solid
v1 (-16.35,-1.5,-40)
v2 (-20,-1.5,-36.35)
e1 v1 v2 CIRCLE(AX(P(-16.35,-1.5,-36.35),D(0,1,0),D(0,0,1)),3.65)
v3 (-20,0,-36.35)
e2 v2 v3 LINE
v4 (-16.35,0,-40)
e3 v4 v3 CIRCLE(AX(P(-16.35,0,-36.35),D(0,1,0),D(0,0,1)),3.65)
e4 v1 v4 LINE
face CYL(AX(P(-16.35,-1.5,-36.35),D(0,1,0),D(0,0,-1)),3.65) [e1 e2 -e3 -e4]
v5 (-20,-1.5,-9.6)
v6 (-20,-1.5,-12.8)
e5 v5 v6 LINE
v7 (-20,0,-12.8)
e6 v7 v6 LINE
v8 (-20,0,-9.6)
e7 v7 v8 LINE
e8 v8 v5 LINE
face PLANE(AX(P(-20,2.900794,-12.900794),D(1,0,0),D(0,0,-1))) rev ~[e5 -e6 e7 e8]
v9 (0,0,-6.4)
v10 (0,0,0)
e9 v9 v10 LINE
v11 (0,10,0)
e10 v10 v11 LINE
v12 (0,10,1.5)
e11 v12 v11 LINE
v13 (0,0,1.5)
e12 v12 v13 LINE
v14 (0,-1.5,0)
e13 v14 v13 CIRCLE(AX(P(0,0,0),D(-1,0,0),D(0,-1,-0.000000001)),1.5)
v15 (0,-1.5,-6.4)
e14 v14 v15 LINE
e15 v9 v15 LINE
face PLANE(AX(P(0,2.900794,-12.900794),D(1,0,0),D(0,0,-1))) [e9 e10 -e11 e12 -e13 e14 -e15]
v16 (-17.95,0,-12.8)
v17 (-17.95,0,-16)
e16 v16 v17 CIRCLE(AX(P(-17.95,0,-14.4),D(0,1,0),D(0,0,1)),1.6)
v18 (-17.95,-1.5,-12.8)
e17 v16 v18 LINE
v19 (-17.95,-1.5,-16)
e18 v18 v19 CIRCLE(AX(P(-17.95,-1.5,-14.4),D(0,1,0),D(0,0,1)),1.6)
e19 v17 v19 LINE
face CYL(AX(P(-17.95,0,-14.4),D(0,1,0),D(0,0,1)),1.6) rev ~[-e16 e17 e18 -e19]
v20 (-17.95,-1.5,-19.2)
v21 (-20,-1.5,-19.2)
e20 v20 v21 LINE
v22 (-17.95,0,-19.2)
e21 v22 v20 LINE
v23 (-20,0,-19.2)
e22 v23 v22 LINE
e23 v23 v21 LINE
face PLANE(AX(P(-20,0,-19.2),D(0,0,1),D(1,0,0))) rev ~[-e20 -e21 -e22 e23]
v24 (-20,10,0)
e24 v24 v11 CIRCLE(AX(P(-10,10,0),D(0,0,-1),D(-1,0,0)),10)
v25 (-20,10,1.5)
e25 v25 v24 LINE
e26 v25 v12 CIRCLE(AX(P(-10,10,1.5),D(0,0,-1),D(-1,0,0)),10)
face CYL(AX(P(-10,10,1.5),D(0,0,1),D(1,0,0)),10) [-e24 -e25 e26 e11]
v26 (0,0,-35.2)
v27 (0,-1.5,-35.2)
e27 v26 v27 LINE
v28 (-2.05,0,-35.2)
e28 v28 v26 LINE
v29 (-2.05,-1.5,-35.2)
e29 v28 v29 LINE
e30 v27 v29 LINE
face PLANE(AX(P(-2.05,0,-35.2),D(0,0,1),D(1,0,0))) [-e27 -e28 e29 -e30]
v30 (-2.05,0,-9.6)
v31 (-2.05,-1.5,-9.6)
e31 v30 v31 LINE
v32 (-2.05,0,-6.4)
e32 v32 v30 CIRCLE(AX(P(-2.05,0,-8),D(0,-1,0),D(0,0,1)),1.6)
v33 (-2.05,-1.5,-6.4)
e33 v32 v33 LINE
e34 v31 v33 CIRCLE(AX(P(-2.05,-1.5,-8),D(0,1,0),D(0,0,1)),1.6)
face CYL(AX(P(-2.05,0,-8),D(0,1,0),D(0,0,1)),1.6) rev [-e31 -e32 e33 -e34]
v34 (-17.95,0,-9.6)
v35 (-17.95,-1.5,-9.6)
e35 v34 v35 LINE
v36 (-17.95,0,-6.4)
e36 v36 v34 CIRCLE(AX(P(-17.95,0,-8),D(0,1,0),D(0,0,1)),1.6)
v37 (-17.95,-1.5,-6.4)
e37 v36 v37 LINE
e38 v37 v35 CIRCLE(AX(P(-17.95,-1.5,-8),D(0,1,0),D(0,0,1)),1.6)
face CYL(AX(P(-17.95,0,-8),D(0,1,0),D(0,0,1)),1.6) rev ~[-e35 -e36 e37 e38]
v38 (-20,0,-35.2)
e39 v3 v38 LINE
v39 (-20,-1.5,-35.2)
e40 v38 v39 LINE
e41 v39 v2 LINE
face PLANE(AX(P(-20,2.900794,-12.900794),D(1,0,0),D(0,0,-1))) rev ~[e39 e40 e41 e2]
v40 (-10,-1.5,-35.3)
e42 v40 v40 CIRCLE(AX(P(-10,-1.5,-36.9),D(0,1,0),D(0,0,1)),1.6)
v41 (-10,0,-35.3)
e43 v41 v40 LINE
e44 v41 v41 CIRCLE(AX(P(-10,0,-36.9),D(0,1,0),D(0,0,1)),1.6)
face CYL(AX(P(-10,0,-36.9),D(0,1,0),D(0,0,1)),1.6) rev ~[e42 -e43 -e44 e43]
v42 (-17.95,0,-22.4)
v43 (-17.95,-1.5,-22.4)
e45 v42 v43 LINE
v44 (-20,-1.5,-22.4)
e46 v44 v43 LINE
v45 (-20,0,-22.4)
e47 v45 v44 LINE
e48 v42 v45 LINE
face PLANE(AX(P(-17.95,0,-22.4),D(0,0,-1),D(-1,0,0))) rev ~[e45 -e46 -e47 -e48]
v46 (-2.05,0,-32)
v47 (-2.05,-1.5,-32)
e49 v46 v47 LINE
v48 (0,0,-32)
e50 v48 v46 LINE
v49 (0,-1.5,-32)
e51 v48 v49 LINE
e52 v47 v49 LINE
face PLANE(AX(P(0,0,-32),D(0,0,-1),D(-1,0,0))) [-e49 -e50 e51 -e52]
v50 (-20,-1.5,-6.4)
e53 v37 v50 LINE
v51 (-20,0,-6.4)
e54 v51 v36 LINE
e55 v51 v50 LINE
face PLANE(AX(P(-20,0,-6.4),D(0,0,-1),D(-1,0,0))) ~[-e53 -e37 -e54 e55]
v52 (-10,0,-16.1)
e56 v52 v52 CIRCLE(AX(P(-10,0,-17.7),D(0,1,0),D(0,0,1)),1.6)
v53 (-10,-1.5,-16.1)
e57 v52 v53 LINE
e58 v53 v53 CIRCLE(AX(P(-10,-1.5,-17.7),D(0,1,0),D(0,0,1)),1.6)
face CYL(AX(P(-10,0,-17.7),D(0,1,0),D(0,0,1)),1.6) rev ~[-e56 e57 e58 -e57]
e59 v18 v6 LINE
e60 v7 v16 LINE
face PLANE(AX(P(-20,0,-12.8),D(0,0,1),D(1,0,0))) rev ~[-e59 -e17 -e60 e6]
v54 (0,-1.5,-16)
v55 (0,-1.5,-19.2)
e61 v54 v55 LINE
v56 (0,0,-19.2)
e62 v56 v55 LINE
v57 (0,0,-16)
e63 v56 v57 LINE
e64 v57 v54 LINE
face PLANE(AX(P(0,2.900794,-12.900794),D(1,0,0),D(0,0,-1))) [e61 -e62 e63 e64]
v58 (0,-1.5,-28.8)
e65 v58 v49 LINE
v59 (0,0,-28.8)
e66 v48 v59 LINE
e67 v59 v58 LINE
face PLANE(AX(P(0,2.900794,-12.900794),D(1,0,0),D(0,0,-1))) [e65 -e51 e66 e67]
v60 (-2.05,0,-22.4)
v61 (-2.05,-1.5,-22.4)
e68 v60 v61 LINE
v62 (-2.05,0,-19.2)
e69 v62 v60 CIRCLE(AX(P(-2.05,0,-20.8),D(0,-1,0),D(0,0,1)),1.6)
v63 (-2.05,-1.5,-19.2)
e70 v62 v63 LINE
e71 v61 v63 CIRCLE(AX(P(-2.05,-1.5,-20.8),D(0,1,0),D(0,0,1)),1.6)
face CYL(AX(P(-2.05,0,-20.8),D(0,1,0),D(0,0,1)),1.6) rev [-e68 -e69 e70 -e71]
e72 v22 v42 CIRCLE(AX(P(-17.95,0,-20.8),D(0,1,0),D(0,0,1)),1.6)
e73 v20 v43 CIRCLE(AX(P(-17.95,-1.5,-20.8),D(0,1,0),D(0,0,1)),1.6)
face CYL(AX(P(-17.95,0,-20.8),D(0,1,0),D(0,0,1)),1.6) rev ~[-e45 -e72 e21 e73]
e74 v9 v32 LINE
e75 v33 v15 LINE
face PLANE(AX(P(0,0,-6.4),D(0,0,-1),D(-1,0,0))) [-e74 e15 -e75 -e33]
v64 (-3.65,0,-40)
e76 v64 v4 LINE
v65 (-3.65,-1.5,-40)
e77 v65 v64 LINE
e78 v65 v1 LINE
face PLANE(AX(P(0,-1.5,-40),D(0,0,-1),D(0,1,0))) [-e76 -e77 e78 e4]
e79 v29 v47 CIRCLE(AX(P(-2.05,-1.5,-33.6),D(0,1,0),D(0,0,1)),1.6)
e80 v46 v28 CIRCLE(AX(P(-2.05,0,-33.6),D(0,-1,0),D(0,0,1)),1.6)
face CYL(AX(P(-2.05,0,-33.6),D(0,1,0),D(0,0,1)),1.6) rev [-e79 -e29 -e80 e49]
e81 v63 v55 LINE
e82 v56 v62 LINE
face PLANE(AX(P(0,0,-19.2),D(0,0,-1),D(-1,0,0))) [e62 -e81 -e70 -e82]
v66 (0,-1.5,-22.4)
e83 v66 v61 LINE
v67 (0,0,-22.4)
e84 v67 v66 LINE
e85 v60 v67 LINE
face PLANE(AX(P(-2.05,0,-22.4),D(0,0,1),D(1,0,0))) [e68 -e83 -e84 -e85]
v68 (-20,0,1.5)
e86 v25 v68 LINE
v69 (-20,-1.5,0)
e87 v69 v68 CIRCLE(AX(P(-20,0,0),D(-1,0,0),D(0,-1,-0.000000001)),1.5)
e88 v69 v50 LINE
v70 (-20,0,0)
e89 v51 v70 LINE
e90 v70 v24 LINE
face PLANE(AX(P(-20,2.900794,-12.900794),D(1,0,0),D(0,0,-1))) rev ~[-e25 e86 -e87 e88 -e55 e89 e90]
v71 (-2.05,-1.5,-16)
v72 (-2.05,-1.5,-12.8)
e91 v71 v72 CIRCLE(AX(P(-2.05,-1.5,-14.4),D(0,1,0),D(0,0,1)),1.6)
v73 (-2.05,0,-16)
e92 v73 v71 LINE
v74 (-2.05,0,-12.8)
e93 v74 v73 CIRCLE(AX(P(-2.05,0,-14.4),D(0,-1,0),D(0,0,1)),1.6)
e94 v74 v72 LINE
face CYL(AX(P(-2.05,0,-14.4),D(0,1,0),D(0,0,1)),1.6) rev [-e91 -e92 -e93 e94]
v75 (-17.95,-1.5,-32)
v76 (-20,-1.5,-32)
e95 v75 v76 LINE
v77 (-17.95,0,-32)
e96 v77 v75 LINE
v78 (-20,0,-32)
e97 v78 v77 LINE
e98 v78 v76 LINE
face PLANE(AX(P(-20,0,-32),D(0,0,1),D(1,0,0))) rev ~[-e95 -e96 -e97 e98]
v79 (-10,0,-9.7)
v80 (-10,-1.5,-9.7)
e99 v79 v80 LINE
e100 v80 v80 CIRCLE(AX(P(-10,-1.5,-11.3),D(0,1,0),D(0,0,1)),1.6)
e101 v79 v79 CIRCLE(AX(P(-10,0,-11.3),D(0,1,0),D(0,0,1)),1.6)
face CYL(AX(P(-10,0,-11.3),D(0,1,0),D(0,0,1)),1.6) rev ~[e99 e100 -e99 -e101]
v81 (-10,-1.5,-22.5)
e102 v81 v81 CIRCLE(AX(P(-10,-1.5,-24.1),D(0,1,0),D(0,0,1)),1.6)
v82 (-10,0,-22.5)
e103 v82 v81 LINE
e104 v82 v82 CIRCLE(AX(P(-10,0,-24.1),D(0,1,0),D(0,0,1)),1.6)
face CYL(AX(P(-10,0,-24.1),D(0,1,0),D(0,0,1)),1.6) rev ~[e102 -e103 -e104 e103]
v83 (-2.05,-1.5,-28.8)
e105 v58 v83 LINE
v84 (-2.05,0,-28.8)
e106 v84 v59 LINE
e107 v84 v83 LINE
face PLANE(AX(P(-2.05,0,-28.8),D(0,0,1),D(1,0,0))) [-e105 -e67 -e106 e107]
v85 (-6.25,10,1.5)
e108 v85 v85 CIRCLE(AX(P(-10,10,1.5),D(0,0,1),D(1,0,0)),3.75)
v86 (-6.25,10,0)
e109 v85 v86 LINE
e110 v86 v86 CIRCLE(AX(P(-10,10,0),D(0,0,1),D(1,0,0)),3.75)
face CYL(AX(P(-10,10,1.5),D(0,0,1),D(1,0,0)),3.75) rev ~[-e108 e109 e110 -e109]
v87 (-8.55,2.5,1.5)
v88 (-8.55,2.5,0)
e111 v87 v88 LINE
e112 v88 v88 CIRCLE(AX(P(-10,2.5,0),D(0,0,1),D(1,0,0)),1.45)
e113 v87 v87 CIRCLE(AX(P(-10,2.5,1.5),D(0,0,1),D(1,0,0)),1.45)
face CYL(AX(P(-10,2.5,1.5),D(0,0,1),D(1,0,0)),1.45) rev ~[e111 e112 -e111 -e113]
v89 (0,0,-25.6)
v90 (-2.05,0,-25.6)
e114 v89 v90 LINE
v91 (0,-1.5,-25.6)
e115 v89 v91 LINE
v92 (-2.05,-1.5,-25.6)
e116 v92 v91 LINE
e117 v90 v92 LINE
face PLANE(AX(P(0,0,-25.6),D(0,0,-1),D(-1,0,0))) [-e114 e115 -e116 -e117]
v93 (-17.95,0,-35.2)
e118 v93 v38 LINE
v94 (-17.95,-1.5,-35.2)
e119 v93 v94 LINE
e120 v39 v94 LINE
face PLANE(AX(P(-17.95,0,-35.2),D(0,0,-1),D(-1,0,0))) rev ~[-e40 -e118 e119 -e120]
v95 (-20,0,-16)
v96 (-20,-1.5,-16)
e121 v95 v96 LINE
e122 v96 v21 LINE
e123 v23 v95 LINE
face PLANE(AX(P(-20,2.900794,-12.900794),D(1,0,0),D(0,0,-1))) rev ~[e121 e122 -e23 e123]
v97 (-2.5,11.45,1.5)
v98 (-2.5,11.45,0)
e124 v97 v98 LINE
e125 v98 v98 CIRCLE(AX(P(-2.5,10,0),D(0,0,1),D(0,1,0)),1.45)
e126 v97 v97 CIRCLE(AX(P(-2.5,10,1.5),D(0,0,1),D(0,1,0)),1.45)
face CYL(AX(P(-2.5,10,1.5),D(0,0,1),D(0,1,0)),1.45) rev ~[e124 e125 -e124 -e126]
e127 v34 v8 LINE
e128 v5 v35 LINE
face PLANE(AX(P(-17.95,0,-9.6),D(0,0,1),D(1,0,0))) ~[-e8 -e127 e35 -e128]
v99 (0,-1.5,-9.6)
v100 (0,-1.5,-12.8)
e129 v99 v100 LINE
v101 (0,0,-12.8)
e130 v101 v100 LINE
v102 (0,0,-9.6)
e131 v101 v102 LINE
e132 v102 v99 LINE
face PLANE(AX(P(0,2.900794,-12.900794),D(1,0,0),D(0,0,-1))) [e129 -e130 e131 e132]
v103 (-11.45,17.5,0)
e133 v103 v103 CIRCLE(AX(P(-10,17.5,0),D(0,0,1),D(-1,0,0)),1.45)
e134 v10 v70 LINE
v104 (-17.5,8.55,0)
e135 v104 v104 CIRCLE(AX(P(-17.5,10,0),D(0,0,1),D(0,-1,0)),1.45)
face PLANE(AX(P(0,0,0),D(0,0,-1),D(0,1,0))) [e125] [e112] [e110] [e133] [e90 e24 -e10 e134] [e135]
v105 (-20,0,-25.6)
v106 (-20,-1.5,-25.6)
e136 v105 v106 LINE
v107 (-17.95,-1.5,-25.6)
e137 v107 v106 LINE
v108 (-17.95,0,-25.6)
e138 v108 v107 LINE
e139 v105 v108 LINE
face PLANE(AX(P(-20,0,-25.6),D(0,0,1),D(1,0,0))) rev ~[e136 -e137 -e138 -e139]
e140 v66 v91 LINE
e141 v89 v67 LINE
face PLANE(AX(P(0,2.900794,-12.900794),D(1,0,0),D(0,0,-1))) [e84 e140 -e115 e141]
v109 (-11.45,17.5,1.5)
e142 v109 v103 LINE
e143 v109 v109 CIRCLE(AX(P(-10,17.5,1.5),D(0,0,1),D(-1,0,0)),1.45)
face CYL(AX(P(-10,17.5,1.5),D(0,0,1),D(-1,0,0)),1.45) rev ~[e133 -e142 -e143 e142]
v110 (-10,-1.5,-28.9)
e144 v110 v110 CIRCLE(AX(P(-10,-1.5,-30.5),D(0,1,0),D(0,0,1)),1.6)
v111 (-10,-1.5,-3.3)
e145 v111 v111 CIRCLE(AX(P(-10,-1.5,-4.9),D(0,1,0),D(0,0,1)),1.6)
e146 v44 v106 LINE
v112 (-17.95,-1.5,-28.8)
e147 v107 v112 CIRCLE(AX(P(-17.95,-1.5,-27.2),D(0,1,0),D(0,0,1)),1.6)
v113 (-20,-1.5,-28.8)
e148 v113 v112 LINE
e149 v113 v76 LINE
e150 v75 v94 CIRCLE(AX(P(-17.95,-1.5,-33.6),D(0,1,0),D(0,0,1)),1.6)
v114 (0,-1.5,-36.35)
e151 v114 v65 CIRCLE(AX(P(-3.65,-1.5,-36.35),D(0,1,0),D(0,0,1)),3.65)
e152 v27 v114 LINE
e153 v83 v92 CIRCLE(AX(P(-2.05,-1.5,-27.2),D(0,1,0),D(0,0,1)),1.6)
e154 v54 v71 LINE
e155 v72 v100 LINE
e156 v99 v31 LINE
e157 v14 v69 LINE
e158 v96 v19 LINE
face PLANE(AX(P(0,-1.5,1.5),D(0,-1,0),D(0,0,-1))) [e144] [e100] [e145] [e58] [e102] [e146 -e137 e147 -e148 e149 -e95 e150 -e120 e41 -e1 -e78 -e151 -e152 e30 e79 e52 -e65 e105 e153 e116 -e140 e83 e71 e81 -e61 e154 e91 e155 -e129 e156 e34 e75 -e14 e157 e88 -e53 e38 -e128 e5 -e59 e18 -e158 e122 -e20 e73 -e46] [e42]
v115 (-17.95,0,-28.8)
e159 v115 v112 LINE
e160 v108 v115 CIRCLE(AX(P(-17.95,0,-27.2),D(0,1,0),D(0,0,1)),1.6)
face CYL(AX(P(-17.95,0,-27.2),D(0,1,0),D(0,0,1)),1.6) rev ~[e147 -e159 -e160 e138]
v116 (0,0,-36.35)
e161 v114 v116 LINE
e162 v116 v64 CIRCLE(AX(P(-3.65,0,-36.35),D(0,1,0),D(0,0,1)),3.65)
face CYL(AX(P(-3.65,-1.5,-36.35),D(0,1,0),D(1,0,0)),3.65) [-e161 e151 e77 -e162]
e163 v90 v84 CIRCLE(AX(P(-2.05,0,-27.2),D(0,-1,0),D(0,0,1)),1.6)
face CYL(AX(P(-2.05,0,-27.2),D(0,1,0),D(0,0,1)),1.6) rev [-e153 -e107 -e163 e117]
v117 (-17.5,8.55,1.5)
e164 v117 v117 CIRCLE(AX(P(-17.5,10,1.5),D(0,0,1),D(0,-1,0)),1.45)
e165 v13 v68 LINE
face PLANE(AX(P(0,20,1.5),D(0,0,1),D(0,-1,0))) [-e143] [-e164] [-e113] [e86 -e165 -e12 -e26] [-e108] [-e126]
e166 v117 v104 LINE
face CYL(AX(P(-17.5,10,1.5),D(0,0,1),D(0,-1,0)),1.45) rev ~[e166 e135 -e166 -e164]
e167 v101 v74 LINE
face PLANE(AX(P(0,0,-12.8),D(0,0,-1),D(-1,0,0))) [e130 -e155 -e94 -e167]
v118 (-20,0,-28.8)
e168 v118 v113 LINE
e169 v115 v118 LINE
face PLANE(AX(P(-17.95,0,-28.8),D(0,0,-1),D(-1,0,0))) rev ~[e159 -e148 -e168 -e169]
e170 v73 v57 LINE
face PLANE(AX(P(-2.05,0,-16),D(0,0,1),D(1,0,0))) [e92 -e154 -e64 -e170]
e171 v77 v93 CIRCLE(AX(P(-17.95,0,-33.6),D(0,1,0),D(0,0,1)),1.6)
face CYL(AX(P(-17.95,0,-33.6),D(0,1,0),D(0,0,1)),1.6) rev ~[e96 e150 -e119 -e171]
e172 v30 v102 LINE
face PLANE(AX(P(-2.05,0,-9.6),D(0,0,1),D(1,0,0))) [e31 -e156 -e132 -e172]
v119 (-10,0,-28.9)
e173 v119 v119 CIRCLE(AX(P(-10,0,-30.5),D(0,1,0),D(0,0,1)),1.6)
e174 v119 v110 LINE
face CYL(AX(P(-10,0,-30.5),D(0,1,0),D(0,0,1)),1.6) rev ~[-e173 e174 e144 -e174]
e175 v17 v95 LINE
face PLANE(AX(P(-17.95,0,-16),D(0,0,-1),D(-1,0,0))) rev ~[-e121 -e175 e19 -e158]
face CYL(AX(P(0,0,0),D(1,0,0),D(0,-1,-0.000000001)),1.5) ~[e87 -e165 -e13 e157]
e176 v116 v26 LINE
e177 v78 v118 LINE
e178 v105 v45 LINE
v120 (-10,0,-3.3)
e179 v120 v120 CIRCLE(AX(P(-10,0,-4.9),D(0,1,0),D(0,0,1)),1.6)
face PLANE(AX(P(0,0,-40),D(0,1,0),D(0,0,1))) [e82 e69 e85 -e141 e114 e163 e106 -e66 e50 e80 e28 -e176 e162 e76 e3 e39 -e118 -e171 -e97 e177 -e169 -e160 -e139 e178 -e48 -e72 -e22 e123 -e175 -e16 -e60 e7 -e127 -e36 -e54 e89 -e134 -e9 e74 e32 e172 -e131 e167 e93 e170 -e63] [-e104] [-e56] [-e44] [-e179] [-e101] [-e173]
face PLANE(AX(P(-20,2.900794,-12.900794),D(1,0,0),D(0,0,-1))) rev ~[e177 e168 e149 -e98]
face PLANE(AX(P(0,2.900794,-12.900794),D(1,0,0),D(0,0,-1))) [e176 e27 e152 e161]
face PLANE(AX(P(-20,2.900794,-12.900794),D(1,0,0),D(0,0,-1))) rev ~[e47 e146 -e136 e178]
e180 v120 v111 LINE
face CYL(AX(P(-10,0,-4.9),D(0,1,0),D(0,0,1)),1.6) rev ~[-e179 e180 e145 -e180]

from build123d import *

# Parameters (mm, degrees)
BOSS_EXTRUDE1_DEPTH  = 20
CUT_EXTRUDE2_DEPTH   = 20
CUT_EXTRUDE3_DEPTH   = 20
SKETCH4_R            = 3.75
CUT_EXTRUDE4_DEPTH   = 20
SKETCH5_R            = 1.45
CUT_EXTRUDE5_DEPTH   = 20
CIRPATTERN1_COUNT    = 4
SKETCH6_R            = 1.6
CUT_EXTRUDE6_DEPTH   = 20
LPATTERN1_COUNT      = 6
LPATTERN1_PITCH      = 6.4
CUT_EXTRUDE7_DEPTH   = 20
LPATTERN2_COUNT      = 5
LPATTERN2_PITCH      = 6.4
MIRROR1_COPY_1_DEPTH = 20
MIRROR1_COPY_2_DEPTH = 20
MIRROR1_COPY_3_DEPTH = 20
MIRROR1_COPY_4_DEPTH = 20
FILLET3_R            = 3.65
FILLET4_R            = 3.65


with BuildPart() as part:
    # Sketch1 → Boss-Extrude1 (new body)
    with BuildSketch(Plane(origin=(0, 0, 0), x_dir=(0, 0, -1), z_dir=(1, 0, 0))):
        Polygon((0, 0), (0, 20), (-1.5, 20), (-1.5, -1.5), (40, -1.5), (40, 0), align=None)
    extrude(amount=-BOSS_EXTRUDE1_DEPTH)

    # Sketch2 → Cut-Extrude2 (cut)
    with BuildSketch(Plane(origin=(0, 0, 0), x_dir=(0, 0, -1), z_dir=(1, 0, 0))):
        with BuildLine():
            Line((-1.5, 0), (-1.5, -1.5))
            Line((-1.5, -1.5), (0, -1.5))
            ThreePointArc((0, -1.5), (-1.060660172, -1.060660172), (-1.5, 0))
        make_face()
    extrude(amount=-CUT_EXTRUDE2_DEPTH, mode=Mode.SUBTRACT)

    # Sketch3 → Cut-Extrude3 (cut)
    with BuildSketch(Plane.XY.offset(1.5)):
        with BuildLine():
            Line((-20, 10), (-20, 21.790535073))
            Line((-20, 21.790535073), (0, 21.790535073))
            Line((0, 21.790535073), (0, 10))
            ThreePointArc((0, 10), (-10, 20), (-20, 10))
        make_face()
    extrude(amount=-CUT_EXTRUDE3_DEPTH, mode=Mode.SUBTRACT)

    # Sketch4 → Cut-Extrude4 (cut)
    with BuildSketch(Plane.XY.offset(1.5)):
        with Locations((-10, 10)):
            Circle(SKETCH4_R)
    extrude(amount=-CUT_EXTRUDE4_DEPTH, mode=Mode.SUBTRACT)

    # Sketch5 → Cut-Extrude5 (cut)
    with BuildSketch(Plane.XY.offset(1.5)):
        with Locations((-10, 2.5)):
            Circle(SKETCH5_R)
    cut_extrude5 = extrude(amount=-CUT_EXTRUDE5_DEPTH, mode=Mode.SUBTRACT)

    # CirPattern1: Cut-Extrude5 ×4 about axis
    cirpattern1_axis = Axis((-10, 10, 0), (0, 0, 1))
    for i in range(1, CIRPATTERN1_COUNT):
        add(cut_extrude5.rotate(cirpattern1_axis, i * 360 / CIRPATTERN1_COUNT), mode=Mode.SUBTRACT)

    # Sketch6 → Cut-Extrude6 (cut)
    with BuildSketch(Plane(origin=(0, 0, 0), x_dir=(1, 0, 0), z_dir=(0, 1, 0))):
        with Locations(Location((-10, 4.9, 0), (0, 0, 270))):
            Circle(SKETCH6_R)
    cut_extrude6 = extrude(amount=-CUT_EXTRUDE6_DEPTH, mode=Mode.SUBTRACT)

    # LPattern1: Cut-Extrude6 ×6
    with Locations(*[(0, 0, -i * LPATTERN1_PITCH) for i in range(1, LPATTERN1_COUNT)]):
        add(cut_extrude6, mode=Mode.SUBTRACT)

    # Sketch7 → Cut-Extrude7 (cut)
    with BuildSketch(Plane(origin=(0, 0, 0), x_dir=(1, 0, 0), z_dir=(0, 1, 0))):
        with BuildLine():
            Line((0, 6.4), (-2.05, 6.4))
            ThreePointArc((-2.05, 6.4), (-3.65, 8), (-2.05, 9.6))
            Line((-2.05, 9.6), (0, 9.6))
            Line((0, 9.6), (0, 6.4))
        make_face()
    cut_extrude7 = extrude(amount=-CUT_EXTRUDE7_DEPTH, mode=Mode.SUBTRACT)

    # LPattern2: Cut-Extrude7 ×5
    with Locations(*[(0, 0, -i * LPATTERN2_PITCH) for i in range(1, LPATTERN2_COUNT)]):
        add(cut_extrude7, mode=Mode.SUBTRACT)

    # Mirror1: Cut-Extrude7 across plane
    add(cut_extrude7.mirror(Plane.ZY.offset(10)), mode=Mode.SUBTRACT)

    # Mirror1 copy 1 sketch → Mirror1 copy 1 (cut)
    with BuildSketch(Plane(origin=(-20, 0, -6.4), x_dir=(-1, 0, 0), z_dir=(0, 1, 0))):
        with BuildLine():
            Line((0, -6.4), (-2.05, -6.4))
            ThreePointArc((-2.05, -6.4), (-3.65, -8), (-2.05, -9.6))
            Line((-2.05, -9.6), (0, -9.6))
            Line((0, -9.6), (0, -6.4))
        make_face()
    extrude(amount=-MIRROR1_COPY_1_DEPTH, mode=Mode.SUBTRACT)

    # Mirror1 copy 2 sketch → Mirror1 copy 2 (cut)
    with BuildSketch(Plane(origin=(-20, 0, -12.8), x_dir=(-1, 0, 0), z_dir=(0, 1, 0))):
        with BuildLine():
            Line((0, -6.4), (-2.05, -6.4))
            ThreePointArc((-2.05, -6.4), (-3.65, -8), (-2.05, -9.6))
            Line((-2.05, -9.6), (0, -9.6))
            Line((0, -9.6), (0, -6.4))
        make_face()
    extrude(amount=-MIRROR1_COPY_2_DEPTH, mode=Mode.SUBTRACT)

    # Mirror1 copy 3 sketch → Mirror1 copy 3 (cut)
    with BuildSketch(Plane(origin=(-20, 0, -19.2), x_dir=(-1, 0, 0), z_dir=(0, 1, 0))):
        with BuildLine():
            Line((0, -6.4), (-2.05, -6.4))
            ThreePointArc((-2.05, -6.4), (-3.65, -8), (-2.05, -9.6))
            Line((-2.05, -9.6), (0, -9.6))
            Line((0, -9.6), (0, -6.4))
        make_face()
    extrude(amount=-MIRROR1_COPY_3_DEPTH, mode=Mode.SUBTRACT)

    # Mirror1 copy 4 sketch → Mirror1 copy 4 (cut)
    with BuildSketch(Plane(origin=(-20, 0, -25.6), x_dir=(-1, 0, 0), z_dir=(0, 1, 0))):
        with BuildLine():
            Line((0, -6.4), (-2.05, -6.4))
            ThreePointArc((-2.05, -6.4), (-3.65, -8), (-2.05, -9.6))
            Line((-2.05, -9.6), (0, -9.6))
            Line((0, -9.6), (0, -6.4))
        make_face()
    extrude(amount=-MIRROR1_COPY_4_DEPTH, mode=Mode.SUBTRACT)

    # Fillet3
    fillet3_edges = [part.edges().sort_by_distance(p)[0] for p in [
        (0, -0.75, -40),
    ]]
    fillet(fillet3_edges, radius=FILLET3_R)

    # Fillet4
    fillet4_edges = [part.edges().sort_by_distance(p)[0] for p in [
        (-20, -0.75, -40),
    ]]
    fillet(fillet4_edges, radius=FILLET4_R)


solid = part.part
